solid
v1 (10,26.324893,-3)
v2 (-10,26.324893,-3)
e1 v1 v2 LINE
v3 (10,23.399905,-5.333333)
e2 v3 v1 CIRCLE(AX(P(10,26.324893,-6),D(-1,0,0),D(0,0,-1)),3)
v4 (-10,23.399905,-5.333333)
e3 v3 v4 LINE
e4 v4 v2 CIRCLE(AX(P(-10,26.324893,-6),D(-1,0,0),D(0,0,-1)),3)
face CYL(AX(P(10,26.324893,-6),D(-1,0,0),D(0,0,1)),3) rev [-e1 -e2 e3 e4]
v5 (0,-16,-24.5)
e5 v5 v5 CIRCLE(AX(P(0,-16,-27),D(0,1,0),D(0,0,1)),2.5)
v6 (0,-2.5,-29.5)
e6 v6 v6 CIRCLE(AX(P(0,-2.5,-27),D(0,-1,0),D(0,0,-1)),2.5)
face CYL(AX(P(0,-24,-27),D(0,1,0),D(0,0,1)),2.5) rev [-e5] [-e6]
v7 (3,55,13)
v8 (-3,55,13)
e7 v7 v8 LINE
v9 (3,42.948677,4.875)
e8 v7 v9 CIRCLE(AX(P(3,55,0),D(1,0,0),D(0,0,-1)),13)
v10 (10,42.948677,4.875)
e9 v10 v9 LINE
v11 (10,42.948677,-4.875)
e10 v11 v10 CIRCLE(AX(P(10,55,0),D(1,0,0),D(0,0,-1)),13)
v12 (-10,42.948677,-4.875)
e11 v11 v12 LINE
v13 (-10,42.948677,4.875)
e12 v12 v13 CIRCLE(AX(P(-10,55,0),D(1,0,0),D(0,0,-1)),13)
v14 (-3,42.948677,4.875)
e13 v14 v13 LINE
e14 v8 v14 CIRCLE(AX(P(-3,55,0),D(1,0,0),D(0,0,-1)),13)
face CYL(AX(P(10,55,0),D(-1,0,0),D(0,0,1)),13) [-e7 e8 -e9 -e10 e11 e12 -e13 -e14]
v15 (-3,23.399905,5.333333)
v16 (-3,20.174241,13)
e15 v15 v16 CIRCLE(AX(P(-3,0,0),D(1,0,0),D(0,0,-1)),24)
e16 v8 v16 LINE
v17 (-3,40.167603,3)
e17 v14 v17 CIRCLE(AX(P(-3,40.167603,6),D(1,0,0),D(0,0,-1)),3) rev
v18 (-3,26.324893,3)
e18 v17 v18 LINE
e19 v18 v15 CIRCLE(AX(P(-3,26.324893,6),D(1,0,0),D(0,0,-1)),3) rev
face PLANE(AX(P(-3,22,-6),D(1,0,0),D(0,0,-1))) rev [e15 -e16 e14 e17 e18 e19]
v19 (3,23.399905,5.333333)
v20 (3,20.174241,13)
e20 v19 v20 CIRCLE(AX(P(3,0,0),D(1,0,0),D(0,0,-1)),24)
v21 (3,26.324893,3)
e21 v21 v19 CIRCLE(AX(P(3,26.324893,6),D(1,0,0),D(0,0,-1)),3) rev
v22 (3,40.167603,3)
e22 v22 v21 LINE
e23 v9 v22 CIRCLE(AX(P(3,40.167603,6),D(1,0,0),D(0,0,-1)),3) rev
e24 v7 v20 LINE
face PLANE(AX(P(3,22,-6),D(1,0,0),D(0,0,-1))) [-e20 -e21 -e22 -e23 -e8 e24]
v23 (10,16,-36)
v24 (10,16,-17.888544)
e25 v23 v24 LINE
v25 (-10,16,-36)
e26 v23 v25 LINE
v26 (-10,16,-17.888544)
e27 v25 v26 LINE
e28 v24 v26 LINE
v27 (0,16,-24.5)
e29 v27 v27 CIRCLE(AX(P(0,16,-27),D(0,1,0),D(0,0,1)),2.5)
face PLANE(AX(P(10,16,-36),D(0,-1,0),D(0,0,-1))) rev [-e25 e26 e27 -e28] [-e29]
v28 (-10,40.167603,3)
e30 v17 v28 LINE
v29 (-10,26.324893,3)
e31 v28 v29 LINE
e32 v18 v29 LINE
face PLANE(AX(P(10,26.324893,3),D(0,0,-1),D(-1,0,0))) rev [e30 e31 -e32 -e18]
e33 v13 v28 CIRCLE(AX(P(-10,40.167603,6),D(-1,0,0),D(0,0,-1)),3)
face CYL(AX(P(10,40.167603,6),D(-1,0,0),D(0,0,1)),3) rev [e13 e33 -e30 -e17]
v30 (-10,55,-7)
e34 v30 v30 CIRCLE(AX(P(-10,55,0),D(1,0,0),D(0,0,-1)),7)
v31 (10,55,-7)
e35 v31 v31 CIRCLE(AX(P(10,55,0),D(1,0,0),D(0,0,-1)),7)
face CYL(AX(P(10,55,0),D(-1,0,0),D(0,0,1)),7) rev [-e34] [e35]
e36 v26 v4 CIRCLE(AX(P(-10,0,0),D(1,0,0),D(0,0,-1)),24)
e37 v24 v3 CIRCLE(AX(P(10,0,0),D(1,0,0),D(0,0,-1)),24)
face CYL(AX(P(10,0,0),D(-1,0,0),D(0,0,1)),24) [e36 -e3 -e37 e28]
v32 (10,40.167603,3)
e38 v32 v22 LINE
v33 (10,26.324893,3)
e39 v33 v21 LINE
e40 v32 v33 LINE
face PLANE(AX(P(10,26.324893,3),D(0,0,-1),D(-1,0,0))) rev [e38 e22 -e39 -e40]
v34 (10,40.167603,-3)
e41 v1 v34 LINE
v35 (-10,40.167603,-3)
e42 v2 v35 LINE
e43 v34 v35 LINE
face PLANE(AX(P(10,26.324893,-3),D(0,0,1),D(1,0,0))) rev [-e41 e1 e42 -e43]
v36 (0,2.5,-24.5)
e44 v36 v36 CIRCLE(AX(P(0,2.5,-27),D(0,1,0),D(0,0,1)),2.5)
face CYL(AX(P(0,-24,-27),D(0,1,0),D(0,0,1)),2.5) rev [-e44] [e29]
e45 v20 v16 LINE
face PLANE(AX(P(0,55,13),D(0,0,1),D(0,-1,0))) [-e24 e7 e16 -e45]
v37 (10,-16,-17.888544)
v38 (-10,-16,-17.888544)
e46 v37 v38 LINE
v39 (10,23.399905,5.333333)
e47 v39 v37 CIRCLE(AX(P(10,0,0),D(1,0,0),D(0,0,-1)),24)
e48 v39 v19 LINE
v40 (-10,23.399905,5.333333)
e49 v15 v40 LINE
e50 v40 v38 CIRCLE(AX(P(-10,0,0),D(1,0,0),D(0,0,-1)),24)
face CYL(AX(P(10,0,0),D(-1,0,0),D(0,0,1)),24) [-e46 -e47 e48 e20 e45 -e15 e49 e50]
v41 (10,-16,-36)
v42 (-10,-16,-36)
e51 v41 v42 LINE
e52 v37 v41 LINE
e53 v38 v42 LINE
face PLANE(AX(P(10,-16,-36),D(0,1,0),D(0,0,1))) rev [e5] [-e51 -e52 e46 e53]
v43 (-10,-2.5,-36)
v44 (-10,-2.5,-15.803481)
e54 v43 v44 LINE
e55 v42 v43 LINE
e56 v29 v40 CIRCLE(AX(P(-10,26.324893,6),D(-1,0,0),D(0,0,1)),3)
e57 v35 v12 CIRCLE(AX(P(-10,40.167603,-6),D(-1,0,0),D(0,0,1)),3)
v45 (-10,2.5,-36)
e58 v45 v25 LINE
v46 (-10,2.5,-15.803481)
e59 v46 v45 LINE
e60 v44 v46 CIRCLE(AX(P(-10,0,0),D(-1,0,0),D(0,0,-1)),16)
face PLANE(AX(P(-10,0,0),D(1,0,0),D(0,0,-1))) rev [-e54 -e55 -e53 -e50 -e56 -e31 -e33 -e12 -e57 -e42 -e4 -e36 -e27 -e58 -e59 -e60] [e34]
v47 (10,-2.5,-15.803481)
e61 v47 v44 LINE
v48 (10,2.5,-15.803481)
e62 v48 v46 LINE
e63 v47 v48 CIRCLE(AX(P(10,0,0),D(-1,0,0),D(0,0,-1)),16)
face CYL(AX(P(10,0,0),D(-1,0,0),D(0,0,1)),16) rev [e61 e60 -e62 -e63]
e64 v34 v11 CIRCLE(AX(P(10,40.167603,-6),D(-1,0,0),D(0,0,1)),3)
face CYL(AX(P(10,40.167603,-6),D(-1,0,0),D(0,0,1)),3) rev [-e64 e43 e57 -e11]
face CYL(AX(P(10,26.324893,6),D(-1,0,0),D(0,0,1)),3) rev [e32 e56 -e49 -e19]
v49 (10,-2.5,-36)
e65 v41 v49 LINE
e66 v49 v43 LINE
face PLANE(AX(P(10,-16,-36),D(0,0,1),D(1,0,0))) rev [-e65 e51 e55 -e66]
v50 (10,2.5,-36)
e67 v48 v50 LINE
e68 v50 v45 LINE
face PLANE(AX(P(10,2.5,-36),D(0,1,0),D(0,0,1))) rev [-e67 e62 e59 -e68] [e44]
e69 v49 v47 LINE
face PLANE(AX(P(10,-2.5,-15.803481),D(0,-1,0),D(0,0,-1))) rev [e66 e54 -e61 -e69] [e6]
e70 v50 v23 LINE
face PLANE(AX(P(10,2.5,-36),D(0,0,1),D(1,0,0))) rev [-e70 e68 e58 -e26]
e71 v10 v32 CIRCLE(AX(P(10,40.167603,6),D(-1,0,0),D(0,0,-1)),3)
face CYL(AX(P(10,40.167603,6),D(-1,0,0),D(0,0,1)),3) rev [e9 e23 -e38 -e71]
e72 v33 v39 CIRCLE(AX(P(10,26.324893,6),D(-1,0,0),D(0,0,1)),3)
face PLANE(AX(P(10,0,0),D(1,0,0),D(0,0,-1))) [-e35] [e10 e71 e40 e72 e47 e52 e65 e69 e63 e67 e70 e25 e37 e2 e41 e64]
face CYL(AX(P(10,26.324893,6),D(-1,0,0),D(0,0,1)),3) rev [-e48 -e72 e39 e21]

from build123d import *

# Parameters (mm, degrees)
SKETCH1_R           = 7
BOSS_EXTRUDE1_DEPTH = 10
RIB1_REACH          = 79.589
SKETCH2_WALL_W      = 192.003076928
SKETCH2_WALL_H      = 6
SKETCH3_R           = 2.5
CUT_EXTRUDE1_DEPTH  = 65.031242374


with BuildPart() as part:
    # Sketch1 → Boss-Extrude1 (new, symmetric)
    with BuildSketch(Plane.YZ):
        with BuildLine():
            Line((26.324893162, 3), (40.167603026, 3))
            ThreePointArc((40.167603026, 3), (41.844654009, 3.512531407), (42.948677458, 4.875))
            ThreePointArc((42.948677458, 4.875), (68, 0), (42.948677458, -4.875))
            ThreePointArc((42.948677458, -4.875), (41.844654009, -3.512531407), (40.167603026, -3))
            Line((40.167603026, -3), (26.324893162, -3))
            ThreePointArc((26.324893162, -3), (24.454064469, -3.65479212), (23.399905033, -5.333333333))
            ThreePointArc((23.399905033, -5.333333333), (20.675987443, -12.186202988), (16, -17.88854382))
            Line((16, -17.88854382), (16, -36))
            Line((16, -36), (2.5, -36))
            Line((2.5, -36), (2.5, -15.803480629))
            ThreePointArc((2.5, -15.803480629), (0, 16), (-2.5, -15.803480629))
            Line((-2.5, -15.803480629), (-2.5, -36))
            Line((-2.5, -36), (-16, -36))
            Line((-16, -36), (-16, -17.88854382))
            ThreePointArc((-16, -17.88854382), (-12.186202988, 20.675987443), (23.399905033, 5.333333333))
            ThreePointArc((23.399905033, 5.333333333), (24.454064469, 3.65479212), (26.324893162, 3))
        make_face()
        with Locations(Location((55, 0, 0), (0, 0, 270))):
            Circle(SKETCH1_R, mode=Mode.SUBTRACT)
    extrude(amount=BOSS_EXTRUDE1_DEPTH, both=True)

    # Sketch2 wall → Rib1 (add, up to next)
    with BuildSketch(Plane(origin=(0, 37.587120501, 13), x_dir=(0, -1, 0), z_dir=(0, 0, -1)), mode=Mode.PRIVATE) as rib1_sk1:
        Rectangle(SKETCH2_WALL_W, SKETCH2_WALL_H)
    rib1_tool1 = extrude(rib1_sk1.sketch, amount=RIB1_REACH, mode=Mode.PRIVATE) - part.part
    add(rib1_tool1.solids().sort_by_distance((0, 37.587120501, 13))[0])

    # Sketch3 → Cut-Extrude1 (cut, through all)
    with BuildSketch(Plane(origin=(0, 16, 0), x_dir=(-1, 0, 0), z_dir=(0, 1, 0))):
        with Locations(Location((0, -27, 0), (0, 0, 90))):
            Circle(SKETCH3_R)
    extrude(amount=-CUT_EXTRUDE1_DEPTH, mode=Mode.SUBTRACT)


solid = part.part
